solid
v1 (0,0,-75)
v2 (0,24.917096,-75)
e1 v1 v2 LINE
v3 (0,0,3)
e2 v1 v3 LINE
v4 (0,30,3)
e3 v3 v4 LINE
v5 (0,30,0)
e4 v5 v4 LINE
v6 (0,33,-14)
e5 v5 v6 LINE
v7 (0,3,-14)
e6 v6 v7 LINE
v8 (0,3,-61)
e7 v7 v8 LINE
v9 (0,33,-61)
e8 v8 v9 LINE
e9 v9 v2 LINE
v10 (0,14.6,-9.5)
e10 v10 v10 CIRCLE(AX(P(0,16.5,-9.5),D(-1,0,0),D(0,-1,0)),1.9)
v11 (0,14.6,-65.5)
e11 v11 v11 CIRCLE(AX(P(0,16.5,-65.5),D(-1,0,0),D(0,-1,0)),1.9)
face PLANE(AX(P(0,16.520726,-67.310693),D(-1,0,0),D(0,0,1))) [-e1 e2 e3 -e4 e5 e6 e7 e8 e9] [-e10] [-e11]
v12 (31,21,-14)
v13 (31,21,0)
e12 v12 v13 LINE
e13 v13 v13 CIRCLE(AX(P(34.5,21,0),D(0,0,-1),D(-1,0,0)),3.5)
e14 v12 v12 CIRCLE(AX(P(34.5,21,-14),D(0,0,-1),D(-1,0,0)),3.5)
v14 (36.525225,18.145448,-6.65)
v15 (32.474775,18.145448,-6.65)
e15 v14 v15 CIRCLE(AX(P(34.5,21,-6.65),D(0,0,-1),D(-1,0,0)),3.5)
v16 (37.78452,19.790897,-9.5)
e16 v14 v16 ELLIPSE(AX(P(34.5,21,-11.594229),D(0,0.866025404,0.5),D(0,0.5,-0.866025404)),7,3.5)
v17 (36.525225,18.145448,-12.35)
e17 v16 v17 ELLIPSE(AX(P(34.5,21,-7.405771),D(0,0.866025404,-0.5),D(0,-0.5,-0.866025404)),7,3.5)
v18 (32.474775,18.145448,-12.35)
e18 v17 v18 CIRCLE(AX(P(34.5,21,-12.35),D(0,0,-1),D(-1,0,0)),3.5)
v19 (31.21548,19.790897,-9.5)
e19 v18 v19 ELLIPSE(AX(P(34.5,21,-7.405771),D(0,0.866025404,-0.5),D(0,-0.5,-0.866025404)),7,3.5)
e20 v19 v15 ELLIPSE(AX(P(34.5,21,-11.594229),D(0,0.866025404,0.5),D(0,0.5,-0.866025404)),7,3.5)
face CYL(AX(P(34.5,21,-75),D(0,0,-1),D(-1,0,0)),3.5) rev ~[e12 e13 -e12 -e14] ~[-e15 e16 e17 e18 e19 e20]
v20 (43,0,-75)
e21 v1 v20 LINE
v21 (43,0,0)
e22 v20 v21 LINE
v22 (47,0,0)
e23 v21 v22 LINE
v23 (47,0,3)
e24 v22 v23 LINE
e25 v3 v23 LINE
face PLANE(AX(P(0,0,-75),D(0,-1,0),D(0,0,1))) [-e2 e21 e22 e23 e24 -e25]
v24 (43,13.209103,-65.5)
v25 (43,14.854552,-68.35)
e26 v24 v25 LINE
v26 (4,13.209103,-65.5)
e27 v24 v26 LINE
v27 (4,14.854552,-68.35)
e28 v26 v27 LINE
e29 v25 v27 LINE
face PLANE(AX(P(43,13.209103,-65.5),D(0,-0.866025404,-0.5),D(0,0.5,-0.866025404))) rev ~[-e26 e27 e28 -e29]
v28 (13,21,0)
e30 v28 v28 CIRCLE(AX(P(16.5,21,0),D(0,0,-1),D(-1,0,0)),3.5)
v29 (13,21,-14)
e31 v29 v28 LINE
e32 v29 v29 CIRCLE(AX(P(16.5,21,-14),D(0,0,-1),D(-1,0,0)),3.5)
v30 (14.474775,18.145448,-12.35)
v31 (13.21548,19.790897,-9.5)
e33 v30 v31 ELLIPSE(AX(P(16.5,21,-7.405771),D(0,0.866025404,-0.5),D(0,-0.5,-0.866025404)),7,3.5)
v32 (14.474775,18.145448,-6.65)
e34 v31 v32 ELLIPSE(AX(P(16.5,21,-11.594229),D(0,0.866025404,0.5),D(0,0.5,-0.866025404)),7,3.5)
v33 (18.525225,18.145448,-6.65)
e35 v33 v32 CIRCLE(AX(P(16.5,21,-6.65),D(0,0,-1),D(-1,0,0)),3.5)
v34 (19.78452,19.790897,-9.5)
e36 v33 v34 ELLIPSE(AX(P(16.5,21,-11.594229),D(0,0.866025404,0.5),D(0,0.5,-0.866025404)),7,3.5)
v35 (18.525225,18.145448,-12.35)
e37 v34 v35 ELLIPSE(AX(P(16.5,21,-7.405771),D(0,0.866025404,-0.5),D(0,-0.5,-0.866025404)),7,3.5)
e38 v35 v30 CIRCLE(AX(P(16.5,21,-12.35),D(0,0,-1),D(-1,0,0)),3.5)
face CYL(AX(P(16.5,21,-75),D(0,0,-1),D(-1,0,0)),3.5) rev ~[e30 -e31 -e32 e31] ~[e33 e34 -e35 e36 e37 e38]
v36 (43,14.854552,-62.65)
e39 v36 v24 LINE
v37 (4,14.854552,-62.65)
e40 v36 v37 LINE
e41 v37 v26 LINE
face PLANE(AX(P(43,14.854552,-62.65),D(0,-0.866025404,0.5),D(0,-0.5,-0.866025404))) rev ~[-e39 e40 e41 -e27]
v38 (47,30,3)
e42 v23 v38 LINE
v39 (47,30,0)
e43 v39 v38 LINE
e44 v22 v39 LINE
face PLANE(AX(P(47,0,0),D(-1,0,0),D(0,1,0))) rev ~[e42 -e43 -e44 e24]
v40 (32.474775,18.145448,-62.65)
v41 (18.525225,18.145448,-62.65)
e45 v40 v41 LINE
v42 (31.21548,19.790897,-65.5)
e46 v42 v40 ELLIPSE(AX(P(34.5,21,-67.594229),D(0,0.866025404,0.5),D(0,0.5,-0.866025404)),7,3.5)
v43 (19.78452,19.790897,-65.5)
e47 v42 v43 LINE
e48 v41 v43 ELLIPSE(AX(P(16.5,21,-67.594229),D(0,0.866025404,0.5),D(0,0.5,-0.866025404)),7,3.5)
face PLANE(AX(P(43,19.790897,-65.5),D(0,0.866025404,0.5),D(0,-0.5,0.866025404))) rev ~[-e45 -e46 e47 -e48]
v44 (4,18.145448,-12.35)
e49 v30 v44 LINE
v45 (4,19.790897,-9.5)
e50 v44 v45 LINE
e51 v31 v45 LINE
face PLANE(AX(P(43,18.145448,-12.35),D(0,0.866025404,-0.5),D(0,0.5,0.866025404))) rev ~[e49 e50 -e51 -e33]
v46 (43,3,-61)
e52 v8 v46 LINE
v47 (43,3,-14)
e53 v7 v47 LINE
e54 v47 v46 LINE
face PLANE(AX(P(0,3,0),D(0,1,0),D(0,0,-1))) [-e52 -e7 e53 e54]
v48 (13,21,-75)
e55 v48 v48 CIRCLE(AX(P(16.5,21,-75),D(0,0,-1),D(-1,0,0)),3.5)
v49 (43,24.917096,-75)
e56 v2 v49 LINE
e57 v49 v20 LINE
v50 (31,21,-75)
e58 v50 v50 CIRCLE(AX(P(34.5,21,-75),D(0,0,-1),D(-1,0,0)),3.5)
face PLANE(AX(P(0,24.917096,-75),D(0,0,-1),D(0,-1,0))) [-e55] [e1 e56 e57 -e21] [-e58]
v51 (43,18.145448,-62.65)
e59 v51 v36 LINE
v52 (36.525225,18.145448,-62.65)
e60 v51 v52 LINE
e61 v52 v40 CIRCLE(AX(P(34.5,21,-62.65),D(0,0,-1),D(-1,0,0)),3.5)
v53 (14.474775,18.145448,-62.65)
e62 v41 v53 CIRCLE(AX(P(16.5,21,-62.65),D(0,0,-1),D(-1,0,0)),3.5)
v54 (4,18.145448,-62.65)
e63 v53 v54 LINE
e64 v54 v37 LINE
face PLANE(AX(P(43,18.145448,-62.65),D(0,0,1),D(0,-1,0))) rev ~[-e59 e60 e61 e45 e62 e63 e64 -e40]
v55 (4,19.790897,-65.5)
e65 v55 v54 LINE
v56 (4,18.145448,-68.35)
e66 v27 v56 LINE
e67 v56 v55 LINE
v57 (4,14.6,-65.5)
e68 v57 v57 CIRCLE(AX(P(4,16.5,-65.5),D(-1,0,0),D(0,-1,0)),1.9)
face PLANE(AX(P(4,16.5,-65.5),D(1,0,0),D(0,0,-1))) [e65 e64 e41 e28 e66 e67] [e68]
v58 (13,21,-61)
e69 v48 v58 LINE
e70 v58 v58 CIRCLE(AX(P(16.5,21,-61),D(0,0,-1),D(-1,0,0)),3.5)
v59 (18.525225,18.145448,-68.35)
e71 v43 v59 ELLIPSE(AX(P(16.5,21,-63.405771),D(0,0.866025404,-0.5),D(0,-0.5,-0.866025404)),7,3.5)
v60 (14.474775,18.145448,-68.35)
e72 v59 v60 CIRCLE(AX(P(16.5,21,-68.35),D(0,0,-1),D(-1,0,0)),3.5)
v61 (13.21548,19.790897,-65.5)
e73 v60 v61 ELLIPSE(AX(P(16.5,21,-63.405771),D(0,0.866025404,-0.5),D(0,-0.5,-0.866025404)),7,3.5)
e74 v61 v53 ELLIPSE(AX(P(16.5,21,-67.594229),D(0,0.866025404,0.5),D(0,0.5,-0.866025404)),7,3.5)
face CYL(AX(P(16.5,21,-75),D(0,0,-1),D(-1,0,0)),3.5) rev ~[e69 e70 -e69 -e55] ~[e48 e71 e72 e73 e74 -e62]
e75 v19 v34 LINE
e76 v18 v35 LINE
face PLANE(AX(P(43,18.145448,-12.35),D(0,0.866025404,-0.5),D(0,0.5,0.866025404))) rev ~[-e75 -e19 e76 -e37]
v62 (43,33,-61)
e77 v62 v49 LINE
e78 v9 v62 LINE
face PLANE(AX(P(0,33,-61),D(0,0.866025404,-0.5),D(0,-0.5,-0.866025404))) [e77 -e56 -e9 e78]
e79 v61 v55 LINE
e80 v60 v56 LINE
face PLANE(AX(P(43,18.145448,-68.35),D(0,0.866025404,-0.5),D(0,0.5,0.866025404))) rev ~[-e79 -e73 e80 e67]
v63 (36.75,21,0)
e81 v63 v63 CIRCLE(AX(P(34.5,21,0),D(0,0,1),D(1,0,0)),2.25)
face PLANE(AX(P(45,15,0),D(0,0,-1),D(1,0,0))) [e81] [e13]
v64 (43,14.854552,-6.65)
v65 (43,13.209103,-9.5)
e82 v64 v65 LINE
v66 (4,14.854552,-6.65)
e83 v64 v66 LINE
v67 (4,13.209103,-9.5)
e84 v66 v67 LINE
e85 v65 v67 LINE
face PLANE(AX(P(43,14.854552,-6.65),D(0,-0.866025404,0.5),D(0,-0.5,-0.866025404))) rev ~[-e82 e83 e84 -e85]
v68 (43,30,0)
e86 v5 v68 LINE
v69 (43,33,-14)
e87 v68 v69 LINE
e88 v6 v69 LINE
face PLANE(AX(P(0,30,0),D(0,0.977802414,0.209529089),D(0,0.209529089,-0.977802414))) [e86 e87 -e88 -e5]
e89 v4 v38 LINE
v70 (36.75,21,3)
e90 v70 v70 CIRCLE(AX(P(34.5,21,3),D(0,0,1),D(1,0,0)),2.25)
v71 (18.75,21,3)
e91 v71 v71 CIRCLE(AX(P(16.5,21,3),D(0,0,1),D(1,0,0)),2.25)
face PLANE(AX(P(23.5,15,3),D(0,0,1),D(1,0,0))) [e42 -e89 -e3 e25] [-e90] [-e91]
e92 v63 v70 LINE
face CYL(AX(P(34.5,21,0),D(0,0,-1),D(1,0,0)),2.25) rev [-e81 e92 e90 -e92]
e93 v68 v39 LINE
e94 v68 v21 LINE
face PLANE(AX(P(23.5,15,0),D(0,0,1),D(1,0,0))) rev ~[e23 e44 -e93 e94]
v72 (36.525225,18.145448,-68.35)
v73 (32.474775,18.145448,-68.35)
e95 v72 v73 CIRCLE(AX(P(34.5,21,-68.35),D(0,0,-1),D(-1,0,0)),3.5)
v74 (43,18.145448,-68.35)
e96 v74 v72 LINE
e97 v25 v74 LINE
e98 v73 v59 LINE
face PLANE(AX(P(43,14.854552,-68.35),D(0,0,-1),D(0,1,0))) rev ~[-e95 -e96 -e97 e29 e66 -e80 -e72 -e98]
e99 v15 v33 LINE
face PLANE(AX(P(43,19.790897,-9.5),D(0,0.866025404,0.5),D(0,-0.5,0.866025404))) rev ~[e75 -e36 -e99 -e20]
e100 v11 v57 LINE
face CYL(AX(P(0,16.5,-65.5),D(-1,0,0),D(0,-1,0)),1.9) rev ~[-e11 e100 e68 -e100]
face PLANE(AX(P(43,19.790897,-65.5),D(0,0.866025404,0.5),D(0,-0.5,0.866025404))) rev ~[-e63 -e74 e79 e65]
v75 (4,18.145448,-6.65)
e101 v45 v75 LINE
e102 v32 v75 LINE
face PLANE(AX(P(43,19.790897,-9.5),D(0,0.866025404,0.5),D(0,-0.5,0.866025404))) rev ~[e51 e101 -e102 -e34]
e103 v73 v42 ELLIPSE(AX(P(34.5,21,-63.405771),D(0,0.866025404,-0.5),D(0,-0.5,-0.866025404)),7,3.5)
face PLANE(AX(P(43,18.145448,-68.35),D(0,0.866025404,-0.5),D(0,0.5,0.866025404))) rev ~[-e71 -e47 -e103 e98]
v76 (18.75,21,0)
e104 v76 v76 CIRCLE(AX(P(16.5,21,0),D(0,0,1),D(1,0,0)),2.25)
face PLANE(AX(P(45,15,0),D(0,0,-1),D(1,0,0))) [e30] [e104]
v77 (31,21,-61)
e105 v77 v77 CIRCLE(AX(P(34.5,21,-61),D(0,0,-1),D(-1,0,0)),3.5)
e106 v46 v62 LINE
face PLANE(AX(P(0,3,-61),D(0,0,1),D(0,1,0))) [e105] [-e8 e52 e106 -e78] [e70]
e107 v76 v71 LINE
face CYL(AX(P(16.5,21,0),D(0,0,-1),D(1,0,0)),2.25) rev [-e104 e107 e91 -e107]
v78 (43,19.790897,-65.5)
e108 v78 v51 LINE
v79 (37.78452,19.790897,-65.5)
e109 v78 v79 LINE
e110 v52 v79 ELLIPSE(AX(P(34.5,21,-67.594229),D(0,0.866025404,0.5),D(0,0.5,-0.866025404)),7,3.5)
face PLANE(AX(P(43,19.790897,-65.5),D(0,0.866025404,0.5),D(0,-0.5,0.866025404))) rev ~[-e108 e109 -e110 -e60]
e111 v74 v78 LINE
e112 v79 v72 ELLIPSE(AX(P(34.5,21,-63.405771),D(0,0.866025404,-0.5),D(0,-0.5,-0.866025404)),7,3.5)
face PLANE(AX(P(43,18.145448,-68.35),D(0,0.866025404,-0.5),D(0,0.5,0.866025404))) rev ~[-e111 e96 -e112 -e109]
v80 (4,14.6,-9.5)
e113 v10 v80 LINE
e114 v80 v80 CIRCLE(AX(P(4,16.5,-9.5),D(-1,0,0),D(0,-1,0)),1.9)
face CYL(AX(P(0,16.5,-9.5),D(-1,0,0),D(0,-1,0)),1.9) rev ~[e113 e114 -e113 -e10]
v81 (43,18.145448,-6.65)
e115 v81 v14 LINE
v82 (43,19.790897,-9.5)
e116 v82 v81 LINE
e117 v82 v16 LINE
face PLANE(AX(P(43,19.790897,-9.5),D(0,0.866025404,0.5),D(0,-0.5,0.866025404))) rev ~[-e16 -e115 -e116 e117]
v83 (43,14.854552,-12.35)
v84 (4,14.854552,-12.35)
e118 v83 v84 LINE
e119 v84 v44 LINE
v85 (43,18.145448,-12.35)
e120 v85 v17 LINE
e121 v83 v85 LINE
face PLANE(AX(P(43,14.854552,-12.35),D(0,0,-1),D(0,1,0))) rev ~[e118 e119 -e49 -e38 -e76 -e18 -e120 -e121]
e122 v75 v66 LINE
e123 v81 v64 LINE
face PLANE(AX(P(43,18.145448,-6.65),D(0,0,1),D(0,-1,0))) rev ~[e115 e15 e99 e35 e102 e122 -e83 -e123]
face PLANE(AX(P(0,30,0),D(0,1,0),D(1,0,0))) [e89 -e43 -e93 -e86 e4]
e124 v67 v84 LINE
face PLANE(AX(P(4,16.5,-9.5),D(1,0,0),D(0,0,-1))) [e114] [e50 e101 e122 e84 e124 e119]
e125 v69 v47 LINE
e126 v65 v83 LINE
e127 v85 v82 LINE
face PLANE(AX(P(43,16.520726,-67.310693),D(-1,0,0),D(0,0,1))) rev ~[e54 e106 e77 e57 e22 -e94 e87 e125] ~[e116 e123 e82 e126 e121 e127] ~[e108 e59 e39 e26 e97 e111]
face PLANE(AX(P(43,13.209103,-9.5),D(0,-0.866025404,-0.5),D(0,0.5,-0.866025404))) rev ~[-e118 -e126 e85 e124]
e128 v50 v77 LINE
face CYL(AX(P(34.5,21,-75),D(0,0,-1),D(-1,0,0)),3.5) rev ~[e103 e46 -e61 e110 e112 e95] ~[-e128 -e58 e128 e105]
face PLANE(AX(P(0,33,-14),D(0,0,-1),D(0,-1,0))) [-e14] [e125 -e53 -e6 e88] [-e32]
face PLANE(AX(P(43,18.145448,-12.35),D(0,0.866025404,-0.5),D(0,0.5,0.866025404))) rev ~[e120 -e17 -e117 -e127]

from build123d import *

# Parameters (mm, degrees)
SKETCH1_W           = 47
SKETCH1_H           = 30
SKETCH1_R           = 2.25
BOSS_EXTRUDE1_DEPTH = 3
SKETCH2_R           = 1.9
BOSS_EXTRUDE2_DEPTH = 43
CUT_EXTRUDE1_REACH  = 98.861
SKETCH3_R           = 3.5
CUT_EXTRUDE2_DEPTH  = 39


with BuildPart() as part:
    # Sketch1 → Boss-Extrude1 (new body)
    with BuildSketch(Plane.XY):
        with Locations((23.5, 15)):
            Rectangle(SKETCH1_W, SKETCH1_H)
        with Locations((16.5, 21)):
            Circle(SKETCH1_R, mode=Mode.SUBTRACT)
        with Locations((34.5, 21)):
            Circle(SKETCH1_R, mode=Mode.SUBTRACT)
    extrude(amount=BOSS_EXTRUDE1_DEPTH)

    # Sketch2 → Boss-Extrude2 (add)
    # profile 1 of 3: a face of its own
    with BuildSketch(Plane.ZY):
        Polygon((-75, 24.917096231), (-75, 3), (-61, 3), (-61, 33), align=None)
        with Locations(Location((-65.5, 16.5, 0), (0, 0, 270))):
            Circle(SKETCH2_R, mode=Mode.SUBTRACT)
    # profile 2 of 3: a face of its own
    with BuildSketch(Plane.ZY):
        Polygon((-75, 0), (0, 0), (0, 3), (-14, 3), (-61, 3), (-75, 3), align=None)
    # profile 3 of 3: a face of its own
    with BuildSketch(Plane.ZY):
        Polygon((-14, 3), (0, 3), (0, 30), (-14, 33), align=None)
        with Locations(Location((-9.5, 16.5, 0), (0, 0, 270))):
            Circle(SKETCH2_R, mode=Mode.SUBTRACT)
    extrude(amount=-BOSS_EXTRUDE2_DEPTH)

    # Cut-Extrude1: up to this face of the body (flat: up to its plane)
    cut_extrude1_end = Plane(part.part.faces().sort_by_distance((45, 15, 0))[0])
    # Sketch3 → Cut-Extrude1 (cut, up to the picked face)
    with BuildSketch(Plane(origin=(0, 0, -75), x_dir=(-1, 0, 0), z_dir=(0, 0, -1)), mode=Mode.PRIVATE) as cut_extrude1_sk1:
        with Locations((-34.5, 21)):
            Circle(SKETCH3_R)
    cut_extrude1_tool1 = split(extrude(cut_extrude1_sk1.sketch, amount=-CUT_EXTRUDE1_REACH, mode=Mode.PRIVATE), bisect_by=cut_extrude1_end, keep=Keep.BOTH, mode=Mode.PRIVATE)
    # Sketch3 → Cut-Extrude1 (cut, up to the picked face)
    with BuildSketch(Plane(origin=(0, 0, -75), x_dir=(-1, 0, 0), z_dir=(0, 0, -1)), mode=Mode.PRIVATE) as cut_extrude1_sk2:
        with Locations((-16.5, 21)):
            Circle(SKETCH3_R)
    cut_extrude1_tool2 = split(extrude(cut_extrude1_sk2.sketch, amount=-CUT_EXTRUDE1_REACH, mode=Mode.PRIVATE), bisect_by=cut_extrude1_end, keep=Keep.BOTH, mode=Mode.PRIVATE)
    add(cut_extrude1_tool1.solids().sort_by(Axis((34.5, 21, -75), (0, 0, 1)))[0], mode=Mode.SUBTRACT)
    add(cut_extrude1_tool2.solids().sort_by(Axis((16.5, 21, -75), (0, 0, 1)))[0], mode=Mode.SUBTRACT)

    # Sketch4 → Cut-Extrude2 (cut)
    with BuildSketch(Plane(origin=(43, 0, 0), x_dir=(0, 0, -1), z_dir=(1, 0, 0))):
        Polygon((9.5, 13.209103466), (12.35, 14.854551733), (12.35, 18.145448267), (9.5, 19.790896534), (6.65, 18.145448267), (6.65, 14.854551733), align=None)
        Polygon((65.5, 13.209103466), (68.35, 14.854551733), (68.35, 18.145448267), (65.5, 19.790896534), (62.65, 18.145448267), (62.65, 14.854551733), align=None)
    extrude(amount=-CUT_EXTRUDE2_DEPTH, mode=Mode.SUBTRACT)


solid = part.part
